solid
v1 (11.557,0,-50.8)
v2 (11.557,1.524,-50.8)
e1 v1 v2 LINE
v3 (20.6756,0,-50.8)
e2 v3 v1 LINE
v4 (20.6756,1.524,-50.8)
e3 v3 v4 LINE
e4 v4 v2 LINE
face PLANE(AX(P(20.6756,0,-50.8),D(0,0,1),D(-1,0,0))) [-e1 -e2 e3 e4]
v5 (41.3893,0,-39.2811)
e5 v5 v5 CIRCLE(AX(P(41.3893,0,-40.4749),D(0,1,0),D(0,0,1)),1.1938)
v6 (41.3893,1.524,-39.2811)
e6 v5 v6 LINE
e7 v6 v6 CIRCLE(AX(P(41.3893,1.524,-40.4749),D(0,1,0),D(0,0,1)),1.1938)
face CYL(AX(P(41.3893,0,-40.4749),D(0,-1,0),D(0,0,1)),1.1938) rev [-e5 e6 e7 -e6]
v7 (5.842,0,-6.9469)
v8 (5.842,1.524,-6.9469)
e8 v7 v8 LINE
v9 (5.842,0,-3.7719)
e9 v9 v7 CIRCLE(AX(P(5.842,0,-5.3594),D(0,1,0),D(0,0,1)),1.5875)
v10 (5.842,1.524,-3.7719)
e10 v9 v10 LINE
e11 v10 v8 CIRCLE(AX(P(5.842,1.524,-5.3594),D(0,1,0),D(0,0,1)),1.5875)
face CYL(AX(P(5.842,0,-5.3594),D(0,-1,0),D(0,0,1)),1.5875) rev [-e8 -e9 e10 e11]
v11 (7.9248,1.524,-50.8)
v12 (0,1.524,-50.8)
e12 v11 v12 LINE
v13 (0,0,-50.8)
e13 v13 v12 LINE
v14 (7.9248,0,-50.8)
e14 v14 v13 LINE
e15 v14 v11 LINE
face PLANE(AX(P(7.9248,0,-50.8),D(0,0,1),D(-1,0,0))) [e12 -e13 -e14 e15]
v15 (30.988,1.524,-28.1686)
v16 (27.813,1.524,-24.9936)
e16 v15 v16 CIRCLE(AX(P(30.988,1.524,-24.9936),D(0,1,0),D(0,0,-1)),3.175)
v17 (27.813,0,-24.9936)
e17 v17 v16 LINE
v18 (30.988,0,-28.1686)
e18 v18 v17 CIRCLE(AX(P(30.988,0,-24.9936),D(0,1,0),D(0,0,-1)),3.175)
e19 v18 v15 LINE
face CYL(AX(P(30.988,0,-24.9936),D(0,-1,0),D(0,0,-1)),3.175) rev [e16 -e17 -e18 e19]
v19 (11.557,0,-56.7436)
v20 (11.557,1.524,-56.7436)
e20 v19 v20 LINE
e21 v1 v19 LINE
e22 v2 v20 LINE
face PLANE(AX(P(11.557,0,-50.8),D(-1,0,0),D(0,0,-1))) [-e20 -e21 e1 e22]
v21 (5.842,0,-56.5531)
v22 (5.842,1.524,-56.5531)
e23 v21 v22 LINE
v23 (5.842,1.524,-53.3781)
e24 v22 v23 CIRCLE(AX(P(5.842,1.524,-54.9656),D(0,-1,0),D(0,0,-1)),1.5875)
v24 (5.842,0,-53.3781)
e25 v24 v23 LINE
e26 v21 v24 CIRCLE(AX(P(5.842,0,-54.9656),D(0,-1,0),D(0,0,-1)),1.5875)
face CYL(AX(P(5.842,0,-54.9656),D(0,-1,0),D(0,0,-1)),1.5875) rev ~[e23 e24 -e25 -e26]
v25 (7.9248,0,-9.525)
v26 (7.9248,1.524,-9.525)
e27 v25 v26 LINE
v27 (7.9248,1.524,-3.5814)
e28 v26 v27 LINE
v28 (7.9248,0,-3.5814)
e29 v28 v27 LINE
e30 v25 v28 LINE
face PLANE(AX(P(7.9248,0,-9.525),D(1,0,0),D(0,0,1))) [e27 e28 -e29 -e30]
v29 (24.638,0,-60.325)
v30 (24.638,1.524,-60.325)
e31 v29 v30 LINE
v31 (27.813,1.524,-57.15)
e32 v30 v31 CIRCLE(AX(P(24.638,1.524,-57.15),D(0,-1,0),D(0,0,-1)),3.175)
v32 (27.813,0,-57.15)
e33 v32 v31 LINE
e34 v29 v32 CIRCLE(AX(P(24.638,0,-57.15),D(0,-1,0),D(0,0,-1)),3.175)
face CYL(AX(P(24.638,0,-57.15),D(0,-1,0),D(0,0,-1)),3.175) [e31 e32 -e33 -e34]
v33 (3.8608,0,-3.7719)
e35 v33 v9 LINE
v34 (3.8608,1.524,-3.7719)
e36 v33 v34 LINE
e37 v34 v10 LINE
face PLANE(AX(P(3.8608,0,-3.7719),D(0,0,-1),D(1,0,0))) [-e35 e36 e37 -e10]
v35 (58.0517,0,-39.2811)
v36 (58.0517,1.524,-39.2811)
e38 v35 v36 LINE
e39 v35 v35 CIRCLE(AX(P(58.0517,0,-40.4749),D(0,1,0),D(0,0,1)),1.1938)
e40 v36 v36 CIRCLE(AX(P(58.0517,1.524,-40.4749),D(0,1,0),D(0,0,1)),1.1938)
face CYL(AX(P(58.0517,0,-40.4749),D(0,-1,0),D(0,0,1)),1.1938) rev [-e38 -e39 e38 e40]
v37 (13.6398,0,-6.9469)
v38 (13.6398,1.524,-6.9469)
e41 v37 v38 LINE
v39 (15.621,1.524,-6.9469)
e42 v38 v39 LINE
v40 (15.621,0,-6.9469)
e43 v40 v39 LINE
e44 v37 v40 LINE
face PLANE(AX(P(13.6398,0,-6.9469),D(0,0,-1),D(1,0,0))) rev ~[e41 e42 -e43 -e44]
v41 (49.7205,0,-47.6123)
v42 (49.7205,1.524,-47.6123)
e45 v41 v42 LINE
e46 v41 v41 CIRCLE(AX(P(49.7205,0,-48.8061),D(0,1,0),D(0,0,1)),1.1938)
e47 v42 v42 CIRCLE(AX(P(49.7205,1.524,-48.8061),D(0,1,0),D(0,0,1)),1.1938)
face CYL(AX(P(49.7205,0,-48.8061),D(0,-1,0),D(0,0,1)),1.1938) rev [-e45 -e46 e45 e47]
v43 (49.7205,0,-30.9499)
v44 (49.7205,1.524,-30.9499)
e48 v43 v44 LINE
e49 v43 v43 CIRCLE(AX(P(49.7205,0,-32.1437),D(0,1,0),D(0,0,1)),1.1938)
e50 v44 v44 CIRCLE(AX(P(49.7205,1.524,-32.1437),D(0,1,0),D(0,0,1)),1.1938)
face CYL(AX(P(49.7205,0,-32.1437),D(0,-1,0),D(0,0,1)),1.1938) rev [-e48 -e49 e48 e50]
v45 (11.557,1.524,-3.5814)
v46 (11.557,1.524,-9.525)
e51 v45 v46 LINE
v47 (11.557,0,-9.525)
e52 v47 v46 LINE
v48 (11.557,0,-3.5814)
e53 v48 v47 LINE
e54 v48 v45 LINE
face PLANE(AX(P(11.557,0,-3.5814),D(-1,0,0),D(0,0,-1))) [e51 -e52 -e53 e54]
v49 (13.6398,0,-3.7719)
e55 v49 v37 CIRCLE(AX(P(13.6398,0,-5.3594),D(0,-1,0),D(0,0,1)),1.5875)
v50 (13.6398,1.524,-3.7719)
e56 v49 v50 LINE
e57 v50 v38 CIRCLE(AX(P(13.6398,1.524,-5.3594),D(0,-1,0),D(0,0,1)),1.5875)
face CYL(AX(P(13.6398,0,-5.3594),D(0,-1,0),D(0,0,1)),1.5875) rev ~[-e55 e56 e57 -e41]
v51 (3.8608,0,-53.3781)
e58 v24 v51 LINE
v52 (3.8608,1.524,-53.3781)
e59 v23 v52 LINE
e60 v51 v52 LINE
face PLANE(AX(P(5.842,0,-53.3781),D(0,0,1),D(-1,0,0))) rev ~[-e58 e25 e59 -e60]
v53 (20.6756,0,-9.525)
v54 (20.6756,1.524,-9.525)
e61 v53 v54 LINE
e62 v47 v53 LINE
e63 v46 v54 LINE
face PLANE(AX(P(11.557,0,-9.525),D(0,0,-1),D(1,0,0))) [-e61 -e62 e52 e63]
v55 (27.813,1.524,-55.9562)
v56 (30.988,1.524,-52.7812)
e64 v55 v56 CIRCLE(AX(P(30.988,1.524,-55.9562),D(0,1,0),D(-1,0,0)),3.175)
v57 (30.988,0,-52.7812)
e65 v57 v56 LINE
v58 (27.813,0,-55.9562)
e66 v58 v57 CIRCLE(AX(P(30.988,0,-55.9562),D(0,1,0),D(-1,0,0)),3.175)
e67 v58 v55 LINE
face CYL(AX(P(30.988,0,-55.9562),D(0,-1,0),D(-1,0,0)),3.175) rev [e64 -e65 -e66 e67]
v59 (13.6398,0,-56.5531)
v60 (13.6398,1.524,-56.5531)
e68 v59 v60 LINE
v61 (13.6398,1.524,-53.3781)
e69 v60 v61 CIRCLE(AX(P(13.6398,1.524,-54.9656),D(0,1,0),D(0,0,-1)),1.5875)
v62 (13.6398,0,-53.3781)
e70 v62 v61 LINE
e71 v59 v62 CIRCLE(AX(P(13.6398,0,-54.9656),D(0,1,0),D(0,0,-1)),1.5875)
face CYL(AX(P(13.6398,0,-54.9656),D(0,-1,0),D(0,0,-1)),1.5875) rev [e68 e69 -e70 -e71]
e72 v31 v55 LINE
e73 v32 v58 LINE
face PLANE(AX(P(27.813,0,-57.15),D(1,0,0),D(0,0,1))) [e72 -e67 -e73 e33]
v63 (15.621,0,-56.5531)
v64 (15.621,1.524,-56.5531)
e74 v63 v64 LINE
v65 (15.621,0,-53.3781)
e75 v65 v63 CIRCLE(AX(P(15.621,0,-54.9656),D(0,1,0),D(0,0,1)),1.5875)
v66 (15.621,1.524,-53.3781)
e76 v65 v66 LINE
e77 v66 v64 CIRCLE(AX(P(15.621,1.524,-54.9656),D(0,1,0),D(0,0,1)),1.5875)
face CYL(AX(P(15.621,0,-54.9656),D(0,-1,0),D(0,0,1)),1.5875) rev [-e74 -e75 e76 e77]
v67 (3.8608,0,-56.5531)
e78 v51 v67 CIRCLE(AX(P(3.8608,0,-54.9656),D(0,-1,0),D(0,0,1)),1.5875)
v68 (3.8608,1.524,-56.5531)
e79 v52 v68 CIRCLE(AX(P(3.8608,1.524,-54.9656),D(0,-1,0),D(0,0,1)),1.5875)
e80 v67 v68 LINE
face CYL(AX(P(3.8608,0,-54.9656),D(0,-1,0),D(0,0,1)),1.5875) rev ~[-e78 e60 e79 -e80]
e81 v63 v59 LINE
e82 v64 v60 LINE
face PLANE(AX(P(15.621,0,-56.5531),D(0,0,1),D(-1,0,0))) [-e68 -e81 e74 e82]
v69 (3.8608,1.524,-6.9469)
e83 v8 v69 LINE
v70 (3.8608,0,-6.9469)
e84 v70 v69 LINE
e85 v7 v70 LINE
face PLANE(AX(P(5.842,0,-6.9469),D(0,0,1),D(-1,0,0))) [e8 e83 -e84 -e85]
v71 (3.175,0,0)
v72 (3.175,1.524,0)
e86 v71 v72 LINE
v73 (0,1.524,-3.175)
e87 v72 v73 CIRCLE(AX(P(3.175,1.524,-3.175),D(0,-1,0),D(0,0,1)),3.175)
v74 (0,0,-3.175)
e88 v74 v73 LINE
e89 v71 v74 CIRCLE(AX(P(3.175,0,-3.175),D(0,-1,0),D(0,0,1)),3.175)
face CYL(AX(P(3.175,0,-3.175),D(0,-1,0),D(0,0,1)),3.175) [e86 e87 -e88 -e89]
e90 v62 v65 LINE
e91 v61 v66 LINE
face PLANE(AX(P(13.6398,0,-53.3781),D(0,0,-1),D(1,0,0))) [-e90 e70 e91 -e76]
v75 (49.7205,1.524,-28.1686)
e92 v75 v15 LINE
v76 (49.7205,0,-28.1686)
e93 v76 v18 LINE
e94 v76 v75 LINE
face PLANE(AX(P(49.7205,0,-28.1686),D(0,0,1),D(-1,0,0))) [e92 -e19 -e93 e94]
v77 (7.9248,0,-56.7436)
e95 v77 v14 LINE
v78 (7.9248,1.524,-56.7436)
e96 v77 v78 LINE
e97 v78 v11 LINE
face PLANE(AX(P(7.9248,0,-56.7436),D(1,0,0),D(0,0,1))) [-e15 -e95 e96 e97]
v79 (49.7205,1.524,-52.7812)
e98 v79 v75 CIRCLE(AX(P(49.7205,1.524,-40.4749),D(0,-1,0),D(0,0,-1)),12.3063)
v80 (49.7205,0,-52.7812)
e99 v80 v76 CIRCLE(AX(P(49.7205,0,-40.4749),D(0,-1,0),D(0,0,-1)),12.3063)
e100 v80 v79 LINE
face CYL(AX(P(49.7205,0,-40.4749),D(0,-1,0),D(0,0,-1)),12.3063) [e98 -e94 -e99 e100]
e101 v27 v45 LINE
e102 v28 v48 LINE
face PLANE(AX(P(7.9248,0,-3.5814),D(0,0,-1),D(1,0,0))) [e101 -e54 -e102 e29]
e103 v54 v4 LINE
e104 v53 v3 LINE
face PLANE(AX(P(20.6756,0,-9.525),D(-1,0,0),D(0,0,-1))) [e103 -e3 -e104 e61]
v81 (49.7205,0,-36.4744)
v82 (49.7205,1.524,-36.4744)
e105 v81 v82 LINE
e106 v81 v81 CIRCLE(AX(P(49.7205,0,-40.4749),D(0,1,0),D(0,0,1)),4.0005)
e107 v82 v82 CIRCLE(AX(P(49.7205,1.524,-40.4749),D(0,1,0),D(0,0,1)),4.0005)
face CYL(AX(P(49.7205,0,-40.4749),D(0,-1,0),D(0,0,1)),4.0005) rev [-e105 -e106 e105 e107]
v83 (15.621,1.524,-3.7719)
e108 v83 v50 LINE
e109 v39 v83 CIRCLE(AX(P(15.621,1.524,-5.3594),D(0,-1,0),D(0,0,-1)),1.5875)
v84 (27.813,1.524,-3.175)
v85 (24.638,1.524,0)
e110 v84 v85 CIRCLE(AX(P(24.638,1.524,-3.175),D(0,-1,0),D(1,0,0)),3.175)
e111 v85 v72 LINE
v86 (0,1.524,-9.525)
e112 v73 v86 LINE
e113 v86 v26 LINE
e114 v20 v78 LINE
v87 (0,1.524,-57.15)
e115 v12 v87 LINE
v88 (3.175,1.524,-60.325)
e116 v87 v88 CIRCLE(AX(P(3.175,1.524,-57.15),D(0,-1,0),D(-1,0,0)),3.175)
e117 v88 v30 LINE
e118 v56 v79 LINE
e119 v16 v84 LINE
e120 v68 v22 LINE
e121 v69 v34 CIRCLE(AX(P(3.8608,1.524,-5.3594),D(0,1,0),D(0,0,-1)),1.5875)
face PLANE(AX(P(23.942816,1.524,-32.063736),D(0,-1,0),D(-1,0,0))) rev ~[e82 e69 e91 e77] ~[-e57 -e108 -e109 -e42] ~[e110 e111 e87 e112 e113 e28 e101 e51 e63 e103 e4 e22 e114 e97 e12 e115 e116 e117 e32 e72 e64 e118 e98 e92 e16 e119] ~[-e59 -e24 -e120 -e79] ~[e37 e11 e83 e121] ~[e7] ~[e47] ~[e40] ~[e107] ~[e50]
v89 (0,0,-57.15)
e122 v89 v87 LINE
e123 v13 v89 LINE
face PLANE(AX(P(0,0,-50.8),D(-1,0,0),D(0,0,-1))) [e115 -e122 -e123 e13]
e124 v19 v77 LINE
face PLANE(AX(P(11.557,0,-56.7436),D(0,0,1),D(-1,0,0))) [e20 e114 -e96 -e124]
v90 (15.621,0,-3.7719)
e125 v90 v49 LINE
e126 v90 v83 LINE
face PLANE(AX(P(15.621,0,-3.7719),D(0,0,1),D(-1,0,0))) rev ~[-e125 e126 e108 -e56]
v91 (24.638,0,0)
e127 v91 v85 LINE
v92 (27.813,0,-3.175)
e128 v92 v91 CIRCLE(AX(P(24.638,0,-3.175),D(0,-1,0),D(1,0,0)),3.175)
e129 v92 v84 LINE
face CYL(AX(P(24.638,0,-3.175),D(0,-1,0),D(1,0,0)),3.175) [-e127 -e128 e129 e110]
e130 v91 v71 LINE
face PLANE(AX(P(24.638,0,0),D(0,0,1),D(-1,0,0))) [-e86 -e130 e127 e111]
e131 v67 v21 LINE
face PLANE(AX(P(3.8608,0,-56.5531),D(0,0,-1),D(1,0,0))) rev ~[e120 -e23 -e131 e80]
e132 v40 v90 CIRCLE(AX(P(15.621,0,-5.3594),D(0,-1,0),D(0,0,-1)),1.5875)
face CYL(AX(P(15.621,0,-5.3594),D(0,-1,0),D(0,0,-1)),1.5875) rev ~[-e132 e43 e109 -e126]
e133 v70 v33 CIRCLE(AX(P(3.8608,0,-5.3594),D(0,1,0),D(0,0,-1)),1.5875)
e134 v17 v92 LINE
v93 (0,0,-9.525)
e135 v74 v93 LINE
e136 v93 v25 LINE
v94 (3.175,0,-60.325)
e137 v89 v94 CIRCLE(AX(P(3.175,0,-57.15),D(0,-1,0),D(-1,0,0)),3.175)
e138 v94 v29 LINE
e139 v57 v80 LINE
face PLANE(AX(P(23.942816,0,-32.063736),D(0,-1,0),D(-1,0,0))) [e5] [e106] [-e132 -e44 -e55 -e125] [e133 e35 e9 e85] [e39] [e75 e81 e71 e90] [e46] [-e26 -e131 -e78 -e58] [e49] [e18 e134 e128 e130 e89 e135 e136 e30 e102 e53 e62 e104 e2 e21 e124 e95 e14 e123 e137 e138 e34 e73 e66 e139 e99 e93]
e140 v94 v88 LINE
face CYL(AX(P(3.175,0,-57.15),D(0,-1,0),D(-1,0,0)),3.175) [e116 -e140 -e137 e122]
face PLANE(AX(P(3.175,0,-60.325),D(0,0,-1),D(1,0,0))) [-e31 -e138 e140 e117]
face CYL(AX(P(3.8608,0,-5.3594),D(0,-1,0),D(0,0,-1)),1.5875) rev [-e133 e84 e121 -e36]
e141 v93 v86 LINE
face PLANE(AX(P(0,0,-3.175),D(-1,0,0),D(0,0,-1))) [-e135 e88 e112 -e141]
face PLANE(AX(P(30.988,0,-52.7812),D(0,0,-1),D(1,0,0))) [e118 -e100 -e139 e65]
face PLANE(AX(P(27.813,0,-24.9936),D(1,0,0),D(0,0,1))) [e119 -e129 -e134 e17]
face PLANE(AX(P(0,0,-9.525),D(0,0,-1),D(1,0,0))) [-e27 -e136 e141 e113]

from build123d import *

# Parameters (mm, degrees)
SKETCH1_R      = 4.0005
SKETCH1_R_2    = 1.1938
EXTRUDE1_DEPTH = 1.524


with BuildPart() as part:
    # Sketch1 → Extrude1 (new body)
    with BuildSketch(Plane(origin=(0, 0, 0), x_dir=(1, 0, 0), z_dir=(0, 1, 0))):
        with BuildLine():
            Line((0, 3.175), (0, 9.525))
            Line((0, 9.525), (7.9248, 9.525))
            Line((7.9248, 9.525), (7.9248, 3.5814))
            Line((7.9248, 3.5814), (11.557, 3.5814))
            Line((11.557, 3.5814), (11.557, 9.525))
            Line((11.557, 9.525), (20.6756, 9.525))
            Line((20.6756, 9.525), (20.6756, 50.8))
            Line((20.6756, 50.8), (11.557, 50.8))
            Line((11.557, 50.8), (11.557, 56.7436))
            Line((11.557, 56.7436), (7.9248, 56.7436))
            Line((7.9248, 56.7436), (7.9248, 50.8))
            Line((7.9248, 50.8), (0, 50.8))
            Line((0, 50.8), (0, 57.15))
            ThreePointArc((0, 57.15), (0.92993597, 59.39506403), (3.175, 60.325))
            Line((3.175, 60.325), (24.638, 60.325))
            ThreePointArc((24.638, 60.325), (26.88306403, 59.39506403), (27.813, 57.15))
            Line((27.813, 57.15), (27.813, 55.9562))
            ThreePointArc((27.813, 55.9562), (28.74293597, 53.71113597), (30.988, 52.7812))
            Line((30.988, 52.7812), (49.7205, 52.7812))
            ThreePointArc((49.7205, 52.7812), (62.0268, 40.4749), (49.7205, 28.1686))
            Line((49.7205, 28.1686), (30.988, 28.1686))
            ThreePointArc((30.988, 28.1686), (28.74293597, 27.23866403), (27.813, 24.9936))
            Line((27.813, 24.9936), (27.813, 3.175))
            ThreePointArc((27.813, 3.175), (26.88306403, 0.92993597), (24.638, 0))
            Line((24.638, 0), (3.175, 0))
            ThreePointArc((3.175, 0), (0.92993597, 0.92993597), (0, 3.175))
        make_face()
        with Locations(Location((49.7205, 40.4749, 0), (0, 0, 270))):  # turned: the seam where the file's is
            Circle(SKETCH1_R, mode=Mode.SUBTRACT)
        with Locations(Location((41.3893, 40.4749, 0), (0, 0, 270))):  # turned: the seam where the file's is
            Circle(SKETCH1_R_2, mode=Mode.SUBTRACT)
        with Locations(Location((49.7205, 32.1437, 0), (0, 0, 270))):  # turned: the seam where the file's is
            Circle(SKETCH1_R_2, mode=Mode.SUBTRACT)
        with Locations(Location((58.0517, 40.4749, 0), (0, 0, 270))):  # turned: the seam where the file's is
            Circle(SKETCH1_R_2, mode=Mode.SUBTRACT)
        with Locations(Location((49.7205, 48.8061, 0), (0, 0, 270))):  # turned: the seam where the file's is
            Circle(SKETCH1_R_2, mode=Mode.SUBTRACT)
        with BuildLine():
            Line((5.842, 53.3781), (3.8608, 53.3781))
            ThreePointArc((3.8608, 53.3781), (2.2733, 54.9656), (3.8608, 56.5531))
            Line((3.8608, 56.5531), (5.842, 56.5531))
            ThreePointArc((5.842, 56.5531), (7.4295, 54.9656), (5.842, 53.3781))
        make_face(mode=Mode.SUBTRACT)
        with BuildLine():
            Line((13.6398, 6.9469), (15.621, 6.9469))
            ThreePointArc((15.621, 6.9469), (17.2085, 5.3594), (15.621, 3.7719))
            Line((15.621, 3.7719), (13.6398, 3.7719))
            ThreePointArc((13.6398, 3.7719), (12.0523, 5.3594), (13.6398, 6.9469))
        make_face(mode=Mode.SUBTRACT)
        with BuildLine():
            Line((3.8608, 3.7719), (5.842, 3.7719))
            ThreePointArc((5.842, 3.7719), (7.4295, 5.3594), (5.842, 6.9469))
            Line((5.842, 6.9469), (3.8608, 6.9469))
            ThreePointArc((3.8608, 6.9469), (2.2733, 5.3594), (3.8608, 3.7719))
        make_face(mode=Mode.SUBTRACT)
        with BuildLine():
            Line((15.621, 56.5531), (13.6398, 56.5531))
            ThreePointArc((13.6398, 56.5531), (12.0523, 54.9656), (13.6398, 53.3781))
            Line((13.6398, 53.3781), (15.621, 53.3781))
            ThreePointArc((15.621, 53.3781), (17.2085, 54.9656), (15.621, 56.5531))
        make_face(mode=Mode.SUBTRACT)
    extrude(amount=EXTRUDE1_DEPTH)


solid = part.part
